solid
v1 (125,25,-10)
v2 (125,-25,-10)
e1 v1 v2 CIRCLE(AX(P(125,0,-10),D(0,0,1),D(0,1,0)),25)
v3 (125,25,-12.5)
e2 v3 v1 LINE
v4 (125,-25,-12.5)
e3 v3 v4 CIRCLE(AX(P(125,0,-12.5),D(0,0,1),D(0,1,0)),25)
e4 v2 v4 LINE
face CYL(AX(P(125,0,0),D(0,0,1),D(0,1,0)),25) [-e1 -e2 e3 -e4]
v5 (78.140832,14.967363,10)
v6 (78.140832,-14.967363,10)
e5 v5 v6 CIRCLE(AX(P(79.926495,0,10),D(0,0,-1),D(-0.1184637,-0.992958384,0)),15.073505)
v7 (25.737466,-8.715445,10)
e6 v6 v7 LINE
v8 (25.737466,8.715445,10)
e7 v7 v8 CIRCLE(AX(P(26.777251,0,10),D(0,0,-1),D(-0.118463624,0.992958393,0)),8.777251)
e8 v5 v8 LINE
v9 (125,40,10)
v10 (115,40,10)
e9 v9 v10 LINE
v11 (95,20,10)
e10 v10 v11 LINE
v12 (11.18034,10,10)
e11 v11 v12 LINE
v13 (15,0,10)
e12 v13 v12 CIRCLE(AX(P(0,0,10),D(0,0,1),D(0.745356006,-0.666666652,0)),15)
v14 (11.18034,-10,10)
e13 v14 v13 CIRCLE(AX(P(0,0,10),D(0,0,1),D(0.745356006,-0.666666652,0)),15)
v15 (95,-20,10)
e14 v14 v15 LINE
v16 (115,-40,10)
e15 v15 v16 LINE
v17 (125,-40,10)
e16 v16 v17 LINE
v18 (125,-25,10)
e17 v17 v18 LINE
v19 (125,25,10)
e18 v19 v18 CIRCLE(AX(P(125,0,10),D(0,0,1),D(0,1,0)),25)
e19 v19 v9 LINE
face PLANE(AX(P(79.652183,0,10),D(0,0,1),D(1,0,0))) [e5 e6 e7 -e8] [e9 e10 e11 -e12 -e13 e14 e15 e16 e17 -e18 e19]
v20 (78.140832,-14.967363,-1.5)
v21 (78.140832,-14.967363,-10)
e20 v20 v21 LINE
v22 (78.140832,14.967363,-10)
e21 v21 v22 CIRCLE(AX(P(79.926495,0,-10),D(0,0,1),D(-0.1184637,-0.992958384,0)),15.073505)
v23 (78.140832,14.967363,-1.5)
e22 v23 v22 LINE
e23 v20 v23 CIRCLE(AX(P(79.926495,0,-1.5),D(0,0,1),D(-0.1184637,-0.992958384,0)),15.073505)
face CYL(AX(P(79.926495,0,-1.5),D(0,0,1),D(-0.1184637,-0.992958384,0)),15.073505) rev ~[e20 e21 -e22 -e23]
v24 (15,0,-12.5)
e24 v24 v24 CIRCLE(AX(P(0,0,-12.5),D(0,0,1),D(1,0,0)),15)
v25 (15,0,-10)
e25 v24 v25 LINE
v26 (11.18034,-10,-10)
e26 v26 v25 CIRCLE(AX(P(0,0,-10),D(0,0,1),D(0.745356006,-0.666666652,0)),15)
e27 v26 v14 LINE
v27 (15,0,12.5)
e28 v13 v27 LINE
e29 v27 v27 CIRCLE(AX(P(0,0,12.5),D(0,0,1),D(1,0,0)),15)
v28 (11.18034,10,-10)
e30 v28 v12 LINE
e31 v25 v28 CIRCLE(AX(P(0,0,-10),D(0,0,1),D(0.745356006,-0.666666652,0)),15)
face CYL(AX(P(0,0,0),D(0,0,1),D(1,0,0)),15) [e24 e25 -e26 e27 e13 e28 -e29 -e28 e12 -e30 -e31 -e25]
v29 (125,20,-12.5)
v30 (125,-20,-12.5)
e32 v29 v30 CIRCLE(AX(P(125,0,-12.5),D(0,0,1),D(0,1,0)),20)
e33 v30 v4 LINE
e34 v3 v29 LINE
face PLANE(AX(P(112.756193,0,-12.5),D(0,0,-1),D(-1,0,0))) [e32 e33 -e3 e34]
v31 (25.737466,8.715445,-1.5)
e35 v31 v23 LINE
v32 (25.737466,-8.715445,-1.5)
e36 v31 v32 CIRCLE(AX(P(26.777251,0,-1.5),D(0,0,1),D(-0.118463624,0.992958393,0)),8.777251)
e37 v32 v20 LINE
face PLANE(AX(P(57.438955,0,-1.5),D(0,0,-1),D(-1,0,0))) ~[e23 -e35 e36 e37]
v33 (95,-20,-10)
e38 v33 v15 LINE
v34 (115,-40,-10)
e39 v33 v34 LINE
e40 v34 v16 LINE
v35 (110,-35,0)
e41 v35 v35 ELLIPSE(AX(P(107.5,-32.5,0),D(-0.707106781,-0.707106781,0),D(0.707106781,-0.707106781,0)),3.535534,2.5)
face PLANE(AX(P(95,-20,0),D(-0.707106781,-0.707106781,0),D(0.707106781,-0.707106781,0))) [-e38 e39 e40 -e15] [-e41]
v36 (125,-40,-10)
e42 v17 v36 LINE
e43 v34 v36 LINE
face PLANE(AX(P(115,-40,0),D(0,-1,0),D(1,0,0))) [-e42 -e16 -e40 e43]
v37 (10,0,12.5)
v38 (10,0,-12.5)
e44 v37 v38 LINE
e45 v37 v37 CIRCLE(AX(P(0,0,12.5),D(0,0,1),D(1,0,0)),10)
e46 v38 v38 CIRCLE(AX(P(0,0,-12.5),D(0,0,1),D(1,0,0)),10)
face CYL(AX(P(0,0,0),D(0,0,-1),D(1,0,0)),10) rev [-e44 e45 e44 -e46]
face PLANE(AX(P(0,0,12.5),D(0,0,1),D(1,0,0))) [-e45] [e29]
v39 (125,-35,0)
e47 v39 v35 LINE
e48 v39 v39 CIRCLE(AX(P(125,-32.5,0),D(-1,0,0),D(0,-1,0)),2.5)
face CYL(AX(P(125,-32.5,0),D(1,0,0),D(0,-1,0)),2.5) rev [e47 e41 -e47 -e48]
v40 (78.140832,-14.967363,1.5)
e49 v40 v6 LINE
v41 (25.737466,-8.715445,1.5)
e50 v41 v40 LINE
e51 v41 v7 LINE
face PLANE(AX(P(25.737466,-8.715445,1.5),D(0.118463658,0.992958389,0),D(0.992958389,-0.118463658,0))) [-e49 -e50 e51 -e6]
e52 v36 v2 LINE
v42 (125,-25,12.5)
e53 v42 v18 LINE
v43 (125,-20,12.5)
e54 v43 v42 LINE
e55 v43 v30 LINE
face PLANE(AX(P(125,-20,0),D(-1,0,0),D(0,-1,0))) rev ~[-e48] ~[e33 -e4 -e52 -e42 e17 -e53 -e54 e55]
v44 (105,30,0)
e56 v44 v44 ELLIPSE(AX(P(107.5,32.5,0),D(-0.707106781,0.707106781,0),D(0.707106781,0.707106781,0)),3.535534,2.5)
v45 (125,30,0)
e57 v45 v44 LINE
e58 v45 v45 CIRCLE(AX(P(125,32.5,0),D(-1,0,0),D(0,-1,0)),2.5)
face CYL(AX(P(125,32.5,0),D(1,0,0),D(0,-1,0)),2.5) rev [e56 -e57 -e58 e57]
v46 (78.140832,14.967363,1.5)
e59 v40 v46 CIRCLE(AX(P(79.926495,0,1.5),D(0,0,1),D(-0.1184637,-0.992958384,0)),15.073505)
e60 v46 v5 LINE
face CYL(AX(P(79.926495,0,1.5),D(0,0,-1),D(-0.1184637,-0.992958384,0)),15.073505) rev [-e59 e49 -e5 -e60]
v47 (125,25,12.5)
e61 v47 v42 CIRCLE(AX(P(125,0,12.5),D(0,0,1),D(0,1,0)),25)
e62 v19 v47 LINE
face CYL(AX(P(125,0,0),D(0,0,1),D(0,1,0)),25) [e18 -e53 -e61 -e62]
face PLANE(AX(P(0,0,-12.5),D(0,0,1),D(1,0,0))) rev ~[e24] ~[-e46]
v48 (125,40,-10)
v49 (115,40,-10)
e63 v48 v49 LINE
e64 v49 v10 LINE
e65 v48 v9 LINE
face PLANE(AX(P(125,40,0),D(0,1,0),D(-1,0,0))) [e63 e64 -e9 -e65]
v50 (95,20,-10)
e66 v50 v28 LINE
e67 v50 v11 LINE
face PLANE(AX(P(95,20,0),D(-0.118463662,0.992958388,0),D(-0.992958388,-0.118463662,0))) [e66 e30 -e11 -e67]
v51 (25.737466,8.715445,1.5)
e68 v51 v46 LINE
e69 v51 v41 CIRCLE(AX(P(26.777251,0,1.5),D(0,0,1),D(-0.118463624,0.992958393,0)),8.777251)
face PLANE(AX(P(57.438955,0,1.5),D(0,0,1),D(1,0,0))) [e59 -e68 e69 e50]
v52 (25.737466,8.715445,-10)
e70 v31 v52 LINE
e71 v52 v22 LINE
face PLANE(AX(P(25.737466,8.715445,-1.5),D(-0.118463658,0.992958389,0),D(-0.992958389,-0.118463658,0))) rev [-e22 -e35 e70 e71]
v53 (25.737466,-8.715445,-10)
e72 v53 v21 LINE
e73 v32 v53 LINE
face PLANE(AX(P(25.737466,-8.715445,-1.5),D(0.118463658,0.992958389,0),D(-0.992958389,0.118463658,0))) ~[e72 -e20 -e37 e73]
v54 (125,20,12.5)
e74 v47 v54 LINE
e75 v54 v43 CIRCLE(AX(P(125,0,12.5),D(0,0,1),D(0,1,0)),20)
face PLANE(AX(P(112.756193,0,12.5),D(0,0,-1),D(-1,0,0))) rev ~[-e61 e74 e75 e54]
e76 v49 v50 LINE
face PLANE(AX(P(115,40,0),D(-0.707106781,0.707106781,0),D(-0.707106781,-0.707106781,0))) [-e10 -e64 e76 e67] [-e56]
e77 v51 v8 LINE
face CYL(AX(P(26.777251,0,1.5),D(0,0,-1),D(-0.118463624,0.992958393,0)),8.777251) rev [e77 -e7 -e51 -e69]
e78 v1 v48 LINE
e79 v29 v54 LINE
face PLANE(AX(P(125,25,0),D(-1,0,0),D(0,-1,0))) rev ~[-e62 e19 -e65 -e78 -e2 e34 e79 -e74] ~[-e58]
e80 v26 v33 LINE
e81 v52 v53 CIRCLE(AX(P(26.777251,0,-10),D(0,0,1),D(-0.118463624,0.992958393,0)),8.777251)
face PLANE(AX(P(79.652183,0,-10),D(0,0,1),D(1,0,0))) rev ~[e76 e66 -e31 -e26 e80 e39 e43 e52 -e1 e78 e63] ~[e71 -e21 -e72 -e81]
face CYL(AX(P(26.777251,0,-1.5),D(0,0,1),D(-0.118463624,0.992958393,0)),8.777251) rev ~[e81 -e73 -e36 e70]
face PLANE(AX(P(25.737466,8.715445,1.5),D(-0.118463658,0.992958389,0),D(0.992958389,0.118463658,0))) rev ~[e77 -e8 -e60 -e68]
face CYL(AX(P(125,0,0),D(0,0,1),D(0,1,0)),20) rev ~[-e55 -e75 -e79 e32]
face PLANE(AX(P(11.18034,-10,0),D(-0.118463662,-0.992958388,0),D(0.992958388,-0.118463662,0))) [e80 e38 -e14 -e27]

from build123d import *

# Parameters (mm, degrees)
SKETCH001_R     = 15
SKETCH001_R_2   = 10
PAD_DEPTH       = 12.5
PAD001_DEPTH    = 10
PAD002_DEPTH    = 12.5
POCKET_DEPTH    = 337.344377
SKETCH006_R     = 2.5
POCKET001_DEPTH = 140.001


with BuildPart() as part:
    # Sketch001 → Pad (new body, symmetric)
    with BuildSketch(Plane.XY):
        Circle(SKETCH001_R)
        Circle(SKETCH001_R_2, mode=Mode.SUBTRACT)
    extrude(amount=PAD_DEPTH, both=True)

    # Sketch004 → Pad001 (join, symmetric)
    with BuildSketch(Plane.XY):
        with BuildLine():
            Line((125, 25), (125, 40))
            Line((125, 40), (115, 40))
            Line((115, 40), (95, 20))
            Line((95, 20), (11.18034, 10))
            ThreePointArc((11.18034, -10), (15, 0), (11.18034, 10))
            Line((11.18034, -10), (95, -20))
            Line((95, -20), (115, -40))
            Line((115, -40), (125, -40))
            Line((125, -40), (125, -25))
            ThreePointArc((125, 25), (100, 0), (125, -25))
        make_face()
    extrude(amount=PAD001_DEPTH, both=True)

    # Sketch003 → Pad002 (join, symmetric)
    with BuildSketch(Plane.XY):
        with BuildLine():
            ThreePointArc((125, 20), (105, 0), (125, -20))
            Line((125, -20), (125, -25))
            ThreePointArc((125, 25), (100, 0), (125, -25))
            Line((125, 25), (125, 20))
        make_face()
    extrude(amount=PAD002_DEPTH, both=True)

    # Sketch005 (on DatumPlane) → Pocket (cut, through all)
    with BuildSketch(Plane.XY.offset(1.5)):
        with BuildLine():
            ThreePointArc((25.737466, 8.715445), (18, 0), (25.737466, -8.715445))
            Line((25.737466, -8.715445), (78.140832, -14.967363))
            ThreePointArc((78.140832, -14.967363), (95, 0), (78.140832, 14.967363))
            Line((25.737466, 8.715445), (78.140832, 14.967363))
        make_face()
    pocket = extrude(amount=POCKET_DEPTH, mode=Mode.SUBTRACT)

    # Mirrored: Pocket across XY
    add(pocket.mirror(Plane.XY), mode=Mode.SUBTRACT)

    # Sketch006 (on DatumPlane) → Pocket001 (cut, through all)
    with BuildSketch(Plane(origin=(125, 0, 0), x_dir=(0, -1, 0), z_dir=(-1, 0, 0))):
        with Locations((-32.5, 0)):
            Circle(SKETCH006_R)
        with Locations((32.5, 0)):
            Circle(SKETCH006_R)
    extrude(amount=POCKET001_DEPTH, mode=Mode.SUBTRACT)


solid = part.part
